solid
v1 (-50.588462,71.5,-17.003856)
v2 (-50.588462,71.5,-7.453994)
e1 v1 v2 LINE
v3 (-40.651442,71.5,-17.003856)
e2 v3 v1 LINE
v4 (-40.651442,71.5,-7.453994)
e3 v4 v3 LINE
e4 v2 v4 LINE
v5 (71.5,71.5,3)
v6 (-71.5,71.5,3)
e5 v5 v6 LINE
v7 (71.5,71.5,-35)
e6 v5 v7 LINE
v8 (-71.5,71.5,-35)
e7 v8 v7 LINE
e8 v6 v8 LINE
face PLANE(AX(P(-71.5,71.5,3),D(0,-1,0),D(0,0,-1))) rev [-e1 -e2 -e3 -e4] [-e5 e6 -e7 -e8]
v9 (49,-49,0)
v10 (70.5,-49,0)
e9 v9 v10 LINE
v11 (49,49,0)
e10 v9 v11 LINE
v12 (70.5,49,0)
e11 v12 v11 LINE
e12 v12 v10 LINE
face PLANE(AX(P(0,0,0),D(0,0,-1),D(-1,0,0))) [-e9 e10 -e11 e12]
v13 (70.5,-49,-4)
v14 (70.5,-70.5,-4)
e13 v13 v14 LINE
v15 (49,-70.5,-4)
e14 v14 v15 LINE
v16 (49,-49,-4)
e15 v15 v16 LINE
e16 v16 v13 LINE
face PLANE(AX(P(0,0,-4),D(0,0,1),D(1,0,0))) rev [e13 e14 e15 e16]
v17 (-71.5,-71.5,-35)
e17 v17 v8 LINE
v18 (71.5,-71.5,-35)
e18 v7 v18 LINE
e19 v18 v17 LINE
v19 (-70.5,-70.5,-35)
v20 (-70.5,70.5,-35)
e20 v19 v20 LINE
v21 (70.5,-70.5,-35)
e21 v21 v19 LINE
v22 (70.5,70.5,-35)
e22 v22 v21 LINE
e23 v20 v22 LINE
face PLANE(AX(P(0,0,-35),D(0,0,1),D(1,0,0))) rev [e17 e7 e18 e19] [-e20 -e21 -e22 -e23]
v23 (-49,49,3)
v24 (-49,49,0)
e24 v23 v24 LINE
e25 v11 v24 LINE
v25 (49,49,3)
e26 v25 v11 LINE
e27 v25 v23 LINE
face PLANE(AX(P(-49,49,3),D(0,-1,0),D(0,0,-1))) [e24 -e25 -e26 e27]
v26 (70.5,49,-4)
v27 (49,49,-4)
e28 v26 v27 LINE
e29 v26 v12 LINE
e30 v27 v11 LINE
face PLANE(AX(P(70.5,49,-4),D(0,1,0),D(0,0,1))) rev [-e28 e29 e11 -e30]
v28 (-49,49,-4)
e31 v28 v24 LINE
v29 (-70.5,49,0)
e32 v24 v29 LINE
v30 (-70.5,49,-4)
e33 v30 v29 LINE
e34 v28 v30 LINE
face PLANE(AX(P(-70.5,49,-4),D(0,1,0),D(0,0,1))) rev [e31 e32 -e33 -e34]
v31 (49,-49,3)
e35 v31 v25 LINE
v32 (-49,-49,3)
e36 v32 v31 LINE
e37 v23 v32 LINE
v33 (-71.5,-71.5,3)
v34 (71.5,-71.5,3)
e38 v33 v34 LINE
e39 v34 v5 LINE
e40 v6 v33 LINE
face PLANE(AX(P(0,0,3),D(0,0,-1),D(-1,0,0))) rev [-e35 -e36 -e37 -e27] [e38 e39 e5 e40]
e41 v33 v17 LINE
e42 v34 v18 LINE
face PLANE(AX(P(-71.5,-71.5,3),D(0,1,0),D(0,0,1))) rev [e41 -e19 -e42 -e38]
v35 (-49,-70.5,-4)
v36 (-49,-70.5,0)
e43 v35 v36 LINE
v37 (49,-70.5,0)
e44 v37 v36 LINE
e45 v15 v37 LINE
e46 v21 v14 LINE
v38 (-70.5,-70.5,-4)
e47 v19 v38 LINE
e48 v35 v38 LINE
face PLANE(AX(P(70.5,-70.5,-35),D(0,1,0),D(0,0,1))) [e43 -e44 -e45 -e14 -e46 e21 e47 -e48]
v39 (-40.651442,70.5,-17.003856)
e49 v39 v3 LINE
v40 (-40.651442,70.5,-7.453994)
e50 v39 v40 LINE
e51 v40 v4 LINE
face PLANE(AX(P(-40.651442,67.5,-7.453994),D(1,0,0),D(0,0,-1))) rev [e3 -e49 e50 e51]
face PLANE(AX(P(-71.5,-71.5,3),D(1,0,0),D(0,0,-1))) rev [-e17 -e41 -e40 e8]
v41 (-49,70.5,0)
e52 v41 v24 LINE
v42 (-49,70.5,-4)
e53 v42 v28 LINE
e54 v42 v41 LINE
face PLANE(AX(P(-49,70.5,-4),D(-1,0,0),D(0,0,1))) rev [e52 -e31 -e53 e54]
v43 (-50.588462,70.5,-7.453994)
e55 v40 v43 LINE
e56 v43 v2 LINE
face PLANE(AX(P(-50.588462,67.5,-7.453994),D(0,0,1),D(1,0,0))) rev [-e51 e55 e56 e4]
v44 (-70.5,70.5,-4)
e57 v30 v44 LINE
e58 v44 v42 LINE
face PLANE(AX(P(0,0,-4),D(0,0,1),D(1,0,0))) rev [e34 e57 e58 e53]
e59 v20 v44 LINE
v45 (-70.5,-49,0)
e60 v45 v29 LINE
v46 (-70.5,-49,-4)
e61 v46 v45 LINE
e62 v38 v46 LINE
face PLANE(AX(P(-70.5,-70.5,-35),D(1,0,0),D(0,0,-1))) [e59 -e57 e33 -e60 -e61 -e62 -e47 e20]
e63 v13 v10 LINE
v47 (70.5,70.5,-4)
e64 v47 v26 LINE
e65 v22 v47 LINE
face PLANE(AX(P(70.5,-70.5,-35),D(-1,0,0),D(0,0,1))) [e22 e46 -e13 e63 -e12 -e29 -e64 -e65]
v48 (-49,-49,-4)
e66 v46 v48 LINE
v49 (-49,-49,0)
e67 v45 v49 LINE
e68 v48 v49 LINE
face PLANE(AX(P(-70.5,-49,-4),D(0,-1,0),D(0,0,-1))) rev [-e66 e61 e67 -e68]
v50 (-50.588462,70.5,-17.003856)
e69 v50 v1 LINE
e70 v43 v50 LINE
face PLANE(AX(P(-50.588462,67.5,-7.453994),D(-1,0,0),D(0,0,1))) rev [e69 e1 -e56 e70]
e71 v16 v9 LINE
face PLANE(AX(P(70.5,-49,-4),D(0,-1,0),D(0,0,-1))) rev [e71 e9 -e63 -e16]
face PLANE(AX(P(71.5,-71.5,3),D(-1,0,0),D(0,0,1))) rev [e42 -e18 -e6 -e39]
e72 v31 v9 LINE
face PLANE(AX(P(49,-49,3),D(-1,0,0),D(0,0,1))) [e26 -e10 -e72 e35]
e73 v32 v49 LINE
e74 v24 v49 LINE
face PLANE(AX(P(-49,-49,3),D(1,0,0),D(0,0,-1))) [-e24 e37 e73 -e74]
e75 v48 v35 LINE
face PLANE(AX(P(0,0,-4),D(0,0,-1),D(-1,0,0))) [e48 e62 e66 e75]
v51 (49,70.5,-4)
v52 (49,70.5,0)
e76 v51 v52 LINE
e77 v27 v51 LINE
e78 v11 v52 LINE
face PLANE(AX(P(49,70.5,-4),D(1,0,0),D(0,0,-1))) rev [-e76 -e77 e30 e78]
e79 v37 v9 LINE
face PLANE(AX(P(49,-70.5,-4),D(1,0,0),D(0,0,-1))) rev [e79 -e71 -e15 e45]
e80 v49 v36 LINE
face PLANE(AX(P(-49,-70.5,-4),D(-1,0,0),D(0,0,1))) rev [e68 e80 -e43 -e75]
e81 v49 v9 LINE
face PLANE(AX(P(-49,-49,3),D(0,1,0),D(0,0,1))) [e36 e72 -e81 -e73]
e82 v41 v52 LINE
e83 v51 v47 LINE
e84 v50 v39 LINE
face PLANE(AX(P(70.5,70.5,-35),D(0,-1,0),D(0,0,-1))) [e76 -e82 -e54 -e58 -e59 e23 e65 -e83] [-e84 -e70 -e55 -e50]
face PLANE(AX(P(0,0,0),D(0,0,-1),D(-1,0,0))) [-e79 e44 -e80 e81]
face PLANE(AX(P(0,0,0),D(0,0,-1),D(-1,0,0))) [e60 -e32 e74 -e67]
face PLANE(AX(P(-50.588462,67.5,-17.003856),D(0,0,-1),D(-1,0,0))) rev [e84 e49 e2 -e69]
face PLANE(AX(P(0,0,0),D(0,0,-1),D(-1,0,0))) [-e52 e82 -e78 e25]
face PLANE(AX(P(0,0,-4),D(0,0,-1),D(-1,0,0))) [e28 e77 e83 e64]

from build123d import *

# Parameters (mm, degrees)
SKETCH1_W           = 143
SKETCH1_H           = 143
SKETCH1_W_2         = 98
SKETCH1_H_2         = 98
BOSS_EXTRUDE1_DEPTH = 3
SKETCH2_W           = 143
SKETCH2_H           = 143
SKETCH2_W_2         = 141
SKETCH2_H_2         = 141
BOSS_EXTRUDE2_DEPTH = 35
SKETCH3_W           = 21.5
SKETCH3_H           = 21.5
BOSS_EXTRUDE3_DEPTH = 4
SKETCH4_W           = 9.937019223
SKETCH4_H           = 9.54986263
CUT_EXTRUDE1_DEPTH  = 4


with BuildPart() as part:
    # Sketch1 → Boss-Extrude1 (new body)
    with BuildSketch(Plane.XY):
        Rectangle(SKETCH1_W, SKETCH1_H)
        Rectangle(SKETCH1_W_2, SKETCH1_H_2, mode=Mode.SUBTRACT)
    extrude(amount=BOSS_EXTRUDE1_DEPTH)

    # Sketch2 → Boss-Extrude2 (add)
    with BuildSketch(Plane(origin=(0, 0, 0), x_dir=(-1, 0, 0), z_dir=(0, 0, -1))):
        Rectangle(SKETCH2_W, SKETCH2_H)
        Rectangle(SKETCH2_W_2, SKETCH2_H_2, mode=Mode.SUBTRACT)
    extrude(amount=BOSS_EXTRUDE2_DEPTH)

    # Sketch3 → Boss-Extrude3 (add)
    with BuildSketch(Plane(origin=(0, 0, 0), x_dir=(-1, 0, 0), z_dir=(0, 0, -1))):
        with Locations((-59.75, 59.75)):
            Rectangle(SKETCH3_W, SKETCH3_H)
        with Locations((-59.75, -59.75)):
            Rectangle(SKETCH3_W, SKETCH3_H)
        with Locations((59.75, -59.75)):
            Rectangle(SKETCH3_W, SKETCH3_H)
        with Locations((59.75, 59.75)):
            Rectangle(SKETCH3_W, SKETCH3_H)
    extrude(amount=BOSS_EXTRUDE3_DEPTH)

    # Sketch4 → Cut-Extrude1 (cut)
    with BuildSketch(Plane(origin=(0, 71.5, 0), x_dir=(1, 0, 0), z_dir=(0, 1, 0))):
        with Locations((-45.619951888, 12.228924985)):
            Rectangle(SKETCH4_W, SKETCH4_H)
    extrude(amount=-CUT_EXTRUDE1_DEPTH, mode=Mode.SUBTRACT)


solid = part.part
